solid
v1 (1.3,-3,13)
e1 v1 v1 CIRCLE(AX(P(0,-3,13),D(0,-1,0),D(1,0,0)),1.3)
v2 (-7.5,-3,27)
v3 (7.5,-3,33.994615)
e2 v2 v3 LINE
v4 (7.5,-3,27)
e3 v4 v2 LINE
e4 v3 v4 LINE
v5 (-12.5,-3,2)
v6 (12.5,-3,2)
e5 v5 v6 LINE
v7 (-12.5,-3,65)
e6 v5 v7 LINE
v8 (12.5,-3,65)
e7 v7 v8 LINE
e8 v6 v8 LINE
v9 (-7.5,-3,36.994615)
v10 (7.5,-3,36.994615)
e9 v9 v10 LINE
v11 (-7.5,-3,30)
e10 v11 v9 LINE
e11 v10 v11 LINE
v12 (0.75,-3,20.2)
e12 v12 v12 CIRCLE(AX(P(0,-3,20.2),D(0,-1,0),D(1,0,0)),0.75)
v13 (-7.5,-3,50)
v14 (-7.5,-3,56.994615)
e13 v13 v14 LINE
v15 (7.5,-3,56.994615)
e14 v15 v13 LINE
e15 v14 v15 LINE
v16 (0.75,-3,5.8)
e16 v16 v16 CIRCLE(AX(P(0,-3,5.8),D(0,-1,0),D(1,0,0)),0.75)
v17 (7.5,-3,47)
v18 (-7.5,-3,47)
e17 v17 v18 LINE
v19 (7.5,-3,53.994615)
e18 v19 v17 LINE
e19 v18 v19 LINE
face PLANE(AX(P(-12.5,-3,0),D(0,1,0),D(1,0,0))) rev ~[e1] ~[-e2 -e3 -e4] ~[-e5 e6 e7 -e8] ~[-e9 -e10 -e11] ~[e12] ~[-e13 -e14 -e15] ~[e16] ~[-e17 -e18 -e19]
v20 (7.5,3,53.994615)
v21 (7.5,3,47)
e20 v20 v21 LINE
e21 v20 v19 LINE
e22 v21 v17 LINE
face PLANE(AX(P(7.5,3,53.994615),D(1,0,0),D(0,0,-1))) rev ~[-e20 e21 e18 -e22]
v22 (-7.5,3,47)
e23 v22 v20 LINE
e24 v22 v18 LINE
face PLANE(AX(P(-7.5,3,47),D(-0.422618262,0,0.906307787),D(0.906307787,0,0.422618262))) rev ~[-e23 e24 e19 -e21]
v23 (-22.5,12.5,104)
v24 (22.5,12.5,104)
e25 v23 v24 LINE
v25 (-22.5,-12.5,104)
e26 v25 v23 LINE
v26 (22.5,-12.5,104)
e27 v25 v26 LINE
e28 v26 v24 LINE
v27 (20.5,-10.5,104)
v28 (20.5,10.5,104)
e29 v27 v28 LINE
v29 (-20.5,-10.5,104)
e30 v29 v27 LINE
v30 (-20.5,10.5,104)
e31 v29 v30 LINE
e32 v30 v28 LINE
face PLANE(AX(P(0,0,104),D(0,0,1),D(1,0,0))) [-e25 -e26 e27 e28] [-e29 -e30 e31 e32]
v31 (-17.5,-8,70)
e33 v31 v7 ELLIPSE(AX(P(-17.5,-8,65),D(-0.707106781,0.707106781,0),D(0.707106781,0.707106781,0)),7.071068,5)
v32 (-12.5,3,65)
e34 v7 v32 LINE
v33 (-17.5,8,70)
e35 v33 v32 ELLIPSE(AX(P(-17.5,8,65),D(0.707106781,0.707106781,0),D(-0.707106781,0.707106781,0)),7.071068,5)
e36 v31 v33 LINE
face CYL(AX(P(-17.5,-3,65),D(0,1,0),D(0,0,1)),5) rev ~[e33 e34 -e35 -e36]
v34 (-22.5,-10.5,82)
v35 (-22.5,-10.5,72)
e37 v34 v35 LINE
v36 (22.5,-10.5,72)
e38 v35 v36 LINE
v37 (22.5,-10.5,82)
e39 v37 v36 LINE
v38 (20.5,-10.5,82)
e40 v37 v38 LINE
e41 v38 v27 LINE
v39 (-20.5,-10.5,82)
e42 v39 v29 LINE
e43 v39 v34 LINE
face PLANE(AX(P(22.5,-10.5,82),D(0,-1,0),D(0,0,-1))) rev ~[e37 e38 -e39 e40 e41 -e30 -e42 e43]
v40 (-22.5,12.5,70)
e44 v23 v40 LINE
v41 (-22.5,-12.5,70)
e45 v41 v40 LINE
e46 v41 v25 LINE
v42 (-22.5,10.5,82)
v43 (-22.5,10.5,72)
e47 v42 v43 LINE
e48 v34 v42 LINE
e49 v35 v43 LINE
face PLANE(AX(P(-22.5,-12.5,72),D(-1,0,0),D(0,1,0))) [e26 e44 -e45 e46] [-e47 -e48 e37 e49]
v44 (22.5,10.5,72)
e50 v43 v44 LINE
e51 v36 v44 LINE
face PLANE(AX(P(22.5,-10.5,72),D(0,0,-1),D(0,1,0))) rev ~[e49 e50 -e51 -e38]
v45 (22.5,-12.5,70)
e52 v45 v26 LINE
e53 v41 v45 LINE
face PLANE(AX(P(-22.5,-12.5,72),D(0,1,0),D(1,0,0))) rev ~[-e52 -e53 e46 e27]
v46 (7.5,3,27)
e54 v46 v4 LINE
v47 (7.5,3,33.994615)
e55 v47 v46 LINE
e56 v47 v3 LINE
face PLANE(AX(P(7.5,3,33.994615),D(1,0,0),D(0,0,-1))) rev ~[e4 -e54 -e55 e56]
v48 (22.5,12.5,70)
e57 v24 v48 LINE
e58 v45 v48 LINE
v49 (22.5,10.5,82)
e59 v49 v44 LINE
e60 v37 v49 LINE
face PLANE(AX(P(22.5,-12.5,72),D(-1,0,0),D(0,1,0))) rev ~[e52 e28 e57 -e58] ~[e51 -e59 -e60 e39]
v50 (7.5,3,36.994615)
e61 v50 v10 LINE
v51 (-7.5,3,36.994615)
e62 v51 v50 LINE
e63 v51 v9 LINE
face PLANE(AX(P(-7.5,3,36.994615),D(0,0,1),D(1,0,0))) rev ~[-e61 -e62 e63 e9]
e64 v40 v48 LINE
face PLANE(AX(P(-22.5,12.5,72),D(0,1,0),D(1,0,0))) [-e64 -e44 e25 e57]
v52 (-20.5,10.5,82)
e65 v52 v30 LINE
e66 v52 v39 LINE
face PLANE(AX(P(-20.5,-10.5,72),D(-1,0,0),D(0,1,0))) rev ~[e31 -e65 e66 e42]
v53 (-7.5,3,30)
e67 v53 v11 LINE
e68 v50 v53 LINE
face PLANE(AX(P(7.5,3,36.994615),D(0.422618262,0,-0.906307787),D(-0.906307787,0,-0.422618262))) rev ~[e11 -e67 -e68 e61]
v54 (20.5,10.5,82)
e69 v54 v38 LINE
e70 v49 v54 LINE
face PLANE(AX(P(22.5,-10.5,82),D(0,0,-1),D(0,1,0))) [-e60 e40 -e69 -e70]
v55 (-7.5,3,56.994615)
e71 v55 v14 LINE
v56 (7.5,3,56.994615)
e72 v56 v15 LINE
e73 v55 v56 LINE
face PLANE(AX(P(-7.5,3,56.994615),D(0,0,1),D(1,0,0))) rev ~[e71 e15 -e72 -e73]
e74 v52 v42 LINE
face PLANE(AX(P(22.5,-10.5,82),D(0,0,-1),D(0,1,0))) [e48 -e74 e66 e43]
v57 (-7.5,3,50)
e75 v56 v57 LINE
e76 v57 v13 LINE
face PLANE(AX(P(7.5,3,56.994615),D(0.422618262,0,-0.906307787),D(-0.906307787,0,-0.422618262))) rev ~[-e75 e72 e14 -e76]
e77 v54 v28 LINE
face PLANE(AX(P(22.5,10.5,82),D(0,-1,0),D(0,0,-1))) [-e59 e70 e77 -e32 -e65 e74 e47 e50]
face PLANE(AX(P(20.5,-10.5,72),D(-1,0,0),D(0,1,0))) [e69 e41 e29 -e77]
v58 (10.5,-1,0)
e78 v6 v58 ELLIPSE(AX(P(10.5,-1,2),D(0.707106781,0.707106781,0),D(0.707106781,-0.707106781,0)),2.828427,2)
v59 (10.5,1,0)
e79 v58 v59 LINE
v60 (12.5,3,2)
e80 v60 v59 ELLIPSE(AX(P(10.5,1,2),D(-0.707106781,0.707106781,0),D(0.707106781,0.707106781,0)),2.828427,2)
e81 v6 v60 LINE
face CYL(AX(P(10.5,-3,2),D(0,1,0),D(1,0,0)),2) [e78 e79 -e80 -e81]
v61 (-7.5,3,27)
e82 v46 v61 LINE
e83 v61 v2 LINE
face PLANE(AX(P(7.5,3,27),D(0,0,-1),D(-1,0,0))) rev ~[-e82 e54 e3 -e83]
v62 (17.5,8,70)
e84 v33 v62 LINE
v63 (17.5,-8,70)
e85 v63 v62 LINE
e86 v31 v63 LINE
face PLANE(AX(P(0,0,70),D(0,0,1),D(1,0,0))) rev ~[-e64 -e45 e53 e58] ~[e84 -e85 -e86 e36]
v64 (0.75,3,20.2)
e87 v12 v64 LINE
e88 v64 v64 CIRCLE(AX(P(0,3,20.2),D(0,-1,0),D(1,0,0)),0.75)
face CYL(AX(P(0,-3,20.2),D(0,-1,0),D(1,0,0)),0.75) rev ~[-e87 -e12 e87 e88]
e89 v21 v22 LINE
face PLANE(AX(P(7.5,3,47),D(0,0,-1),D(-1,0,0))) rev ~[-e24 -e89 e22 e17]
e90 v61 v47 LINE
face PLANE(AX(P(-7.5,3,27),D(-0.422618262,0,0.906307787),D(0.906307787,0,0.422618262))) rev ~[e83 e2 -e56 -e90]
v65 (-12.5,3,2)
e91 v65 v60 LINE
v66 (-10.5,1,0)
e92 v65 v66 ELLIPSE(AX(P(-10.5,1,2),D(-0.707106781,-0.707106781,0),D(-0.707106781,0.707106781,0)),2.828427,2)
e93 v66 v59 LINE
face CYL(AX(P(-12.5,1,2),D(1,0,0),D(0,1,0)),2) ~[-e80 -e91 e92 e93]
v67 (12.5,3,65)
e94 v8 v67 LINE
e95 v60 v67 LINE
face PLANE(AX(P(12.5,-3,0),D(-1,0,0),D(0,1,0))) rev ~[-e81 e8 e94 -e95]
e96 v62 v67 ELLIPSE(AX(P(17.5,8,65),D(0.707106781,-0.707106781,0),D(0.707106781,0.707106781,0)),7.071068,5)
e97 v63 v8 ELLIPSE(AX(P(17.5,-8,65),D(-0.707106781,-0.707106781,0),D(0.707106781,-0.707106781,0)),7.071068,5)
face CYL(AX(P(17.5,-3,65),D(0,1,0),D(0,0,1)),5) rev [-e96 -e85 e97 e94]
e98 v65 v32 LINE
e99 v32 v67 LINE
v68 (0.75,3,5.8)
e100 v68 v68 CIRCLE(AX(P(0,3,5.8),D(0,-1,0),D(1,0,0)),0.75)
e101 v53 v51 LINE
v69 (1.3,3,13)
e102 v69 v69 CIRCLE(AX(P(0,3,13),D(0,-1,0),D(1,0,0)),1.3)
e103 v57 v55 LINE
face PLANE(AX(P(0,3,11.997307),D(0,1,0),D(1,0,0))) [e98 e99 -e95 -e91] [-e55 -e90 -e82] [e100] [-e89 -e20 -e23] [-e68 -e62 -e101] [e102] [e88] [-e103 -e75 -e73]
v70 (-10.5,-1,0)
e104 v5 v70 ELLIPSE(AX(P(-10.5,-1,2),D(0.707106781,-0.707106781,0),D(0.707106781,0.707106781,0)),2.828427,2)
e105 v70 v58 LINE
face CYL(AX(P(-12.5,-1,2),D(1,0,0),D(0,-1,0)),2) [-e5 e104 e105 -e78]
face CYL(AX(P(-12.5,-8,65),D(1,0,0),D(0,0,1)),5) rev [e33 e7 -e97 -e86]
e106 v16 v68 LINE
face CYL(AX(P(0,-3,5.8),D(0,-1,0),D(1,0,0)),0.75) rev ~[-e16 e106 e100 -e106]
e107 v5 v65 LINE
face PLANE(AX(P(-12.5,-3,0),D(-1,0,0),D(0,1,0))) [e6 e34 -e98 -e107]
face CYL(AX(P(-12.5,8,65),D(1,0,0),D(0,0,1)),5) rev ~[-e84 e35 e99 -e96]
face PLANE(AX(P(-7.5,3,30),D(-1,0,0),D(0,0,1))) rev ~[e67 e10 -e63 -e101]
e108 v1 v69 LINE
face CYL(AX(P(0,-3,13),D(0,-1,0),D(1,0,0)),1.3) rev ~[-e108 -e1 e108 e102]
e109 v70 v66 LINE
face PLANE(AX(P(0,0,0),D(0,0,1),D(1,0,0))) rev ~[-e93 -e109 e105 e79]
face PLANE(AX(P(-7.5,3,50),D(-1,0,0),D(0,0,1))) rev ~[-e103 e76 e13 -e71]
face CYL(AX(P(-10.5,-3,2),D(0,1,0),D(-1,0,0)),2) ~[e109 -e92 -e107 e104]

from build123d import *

# Parameters (mm, degrees)
SKETCH1_W           = 25
SKETCH1_H           = 6
BOSS_EXTRUDE1_DEPTH = 70
FILLET1_R           = 2
CUT_EXTRUDE1_DEPTH  = 6
LPATTERN1_COUNT     = 3
LPATTERN1_PITCH     = 20
SKETCH3_W           = 15
SKETCH3_H           = 9.994614872
BOSS_EXTRUDE4_DEPTH = 6
SKETCH4_W           = 45
SKETCH4_H           = 25
BOSS_EXTRUDE5_DEPTH = 2
SKETCH5_W           = 45
SKETCH5_H           = 25
SKETCH5_W_2         = 41
SKETCH5_H_2         = 21
BOSS_EXTRUDE6_DEPTH = 32
FILLET2_R           = 5
SKETCH8_W           = 10
SKETCH8_H           = 21
CUT_EXTRUDE2_DEPTH  = 45
CUT_EXTRUDE3_REACH  = 17.5
SKETCH9_R           = 1.3
SKETCH9_R_2         = 0.75


with BuildPart() as part:
    # Sketch1 → Boss-Extrude1 (new body)
    with BuildSketch(Plane.XY):
        Rectangle(SKETCH1_W, SKETCH1_H)
    extrude(amount=BOSS_EXTRUDE1_DEPTH)

    # Fillet1
    fillet1_edges = [part.edges().sort_by_distance(p)[0] for p in [
        (0, -3, 0),
        (-12.5, 0, 0),
        (0, 3, 0),
        (12.5, 0, 0),
    ]]
    fillet(fillet1_edges, radius=FILLET1_R)

    # Sketch2 → Cut-Extrude1 (cut)
    with BuildSketch(Plane(origin=(0, 3, 0), x_dir=(1, 0, 0), z_dir=(0, 1, 0))):
        Polygon((7.5, -16.994614872), (-7.5, -10), (-7.5, -16.994614872), align=None)
        Polygon((7.5, -13.994614872), (7.5, -7), (-7.5, -7), align=None)
    cut_extrude1 = extrude(amount=-CUT_EXTRUDE1_DEPTH, mode=Mode.SUBTRACT)

    # LPattern1: Cut-Extrude1 ×3
    with Locations(*[(0, 0, i * LPATTERN1_PITCH) for i in range(1, LPATTERN1_COUNT)]):
        add(cut_extrude1, mode=Mode.SUBTRACT)

    # Sketch3 → Boss-Extrude4 (add)
    with BuildSketch(Plane(origin=(0, 3, 0), x_dir=(1, 0, 0), z_dir=(0, 1, 0))):
        with Locations((0, -11.997307436)):
            Rectangle(SKETCH3_W, SKETCH3_H)
    extrude(amount=-BOSS_EXTRUDE4_DEPTH)

    # Sketch4 → Boss-Extrude5 (add)
    with BuildSketch(Plane.XY.offset(70)):
        Rectangle(SKETCH4_W, SKETCH4_H)
    extrude(amount=BOSS_EXTRUDE5_DEPTH)

    # Sketch5 → Boss-Extrude6 (add)
    with BuildSketch(Plane.XY.offset(72)):
        Rectangle(SKETCH5_W, SKETCH5_H)
        Rectangle(SKETCH5_W_2, SKETCH5_H_2, mode=Mode.SUBTRACT)
    extrude(amount=BOSS_EXTRUDE6_DEPTH)

    # Fillet2
    fillet2_edges = [part.edges().sort_by_distance(p)[0] for p in [
        (-12.5, 0, 70),
        (0, -3, 70),
        (12.5, 0, 70),
        (0, 3, 70),
    ]]
    fillet(fillet2_edges, radius=FILLET2_R)

    # Sketch8 → Cut-Extrude2 (cut)
    with BuildSketch(Plane(origin=(22.5, 0, 0), x_dir=(0, 0, -1), z_dir=(1, 0, 0))):
        with Locations((-77, 0)):
            Rectangle(SKETCH8_W, SKETCH8_H)
    extrude(amount=-CUT_EXTRUDE2_DEPTH, mode=Mode.SUBTRACT)

    # Sketch9 → Cut-Extrude3 (cut, up to next)
    with BuildSketch(Plane.XZ.offset(3), mode=Mode.PRIVATE) as cut_extrude3_sk1:
        with Locations((0, 13)):
            Circle(SKETCH9_R)
    cut_extrude3_tool1 = extrude(cut_extrude3_sk1.sketch, amount=-CUT_EXTRUDE3_REACH, mode=Mode.PRIVATE) & part.part
    add(cut_extrude3_tool1.solids().sort_by_distance((0, -3, 13))[0], mode=Mode.SUBTRACT)
    # Sketch9 → Cut-Extrude3 (cut, up to next)
    with BuildSketch(Plane.XZ.offset(3), mode=Mode.PRIVATE) as cut_extrude3_sk2:
        with Locations((0, 20.2)):
            Circle(SKETCH9_R_2)
    cut_extrude3_tool2 = extrude(cut_extrude3_sk2.sketch, amount=-CUT_EXTRUDE3_REACH, mode=Mode.PRIVATE) & part.part
    add(cut_extrude3_tool2.solids().sort_by_distance((0, -3, 20.2))[0], mode=Mode.SUBTRACT)
    # Sketch9 → Cut-Extrude3 (cut, up to next)
    with BuildSketch(Plane.XZ.offset(3), mode=Mode.PRIVATE) as cut_extrude3_sk3:
        with Locations((0, 5.8)):
            Circle(SKETCH9_R_2)
    cut_extrude3_tool3 = extrude(cut_extrude3_sk3.sketch, amount=-CUT_EXTRUDE3_REACH, mode=Mode.PRIVATE) & part.part
    add(cut_extrude3_tool3.solids().sort_by_distance((0, -3, 5.8))[0], mode=Mode.SUBTRACT)


solid = part.part
